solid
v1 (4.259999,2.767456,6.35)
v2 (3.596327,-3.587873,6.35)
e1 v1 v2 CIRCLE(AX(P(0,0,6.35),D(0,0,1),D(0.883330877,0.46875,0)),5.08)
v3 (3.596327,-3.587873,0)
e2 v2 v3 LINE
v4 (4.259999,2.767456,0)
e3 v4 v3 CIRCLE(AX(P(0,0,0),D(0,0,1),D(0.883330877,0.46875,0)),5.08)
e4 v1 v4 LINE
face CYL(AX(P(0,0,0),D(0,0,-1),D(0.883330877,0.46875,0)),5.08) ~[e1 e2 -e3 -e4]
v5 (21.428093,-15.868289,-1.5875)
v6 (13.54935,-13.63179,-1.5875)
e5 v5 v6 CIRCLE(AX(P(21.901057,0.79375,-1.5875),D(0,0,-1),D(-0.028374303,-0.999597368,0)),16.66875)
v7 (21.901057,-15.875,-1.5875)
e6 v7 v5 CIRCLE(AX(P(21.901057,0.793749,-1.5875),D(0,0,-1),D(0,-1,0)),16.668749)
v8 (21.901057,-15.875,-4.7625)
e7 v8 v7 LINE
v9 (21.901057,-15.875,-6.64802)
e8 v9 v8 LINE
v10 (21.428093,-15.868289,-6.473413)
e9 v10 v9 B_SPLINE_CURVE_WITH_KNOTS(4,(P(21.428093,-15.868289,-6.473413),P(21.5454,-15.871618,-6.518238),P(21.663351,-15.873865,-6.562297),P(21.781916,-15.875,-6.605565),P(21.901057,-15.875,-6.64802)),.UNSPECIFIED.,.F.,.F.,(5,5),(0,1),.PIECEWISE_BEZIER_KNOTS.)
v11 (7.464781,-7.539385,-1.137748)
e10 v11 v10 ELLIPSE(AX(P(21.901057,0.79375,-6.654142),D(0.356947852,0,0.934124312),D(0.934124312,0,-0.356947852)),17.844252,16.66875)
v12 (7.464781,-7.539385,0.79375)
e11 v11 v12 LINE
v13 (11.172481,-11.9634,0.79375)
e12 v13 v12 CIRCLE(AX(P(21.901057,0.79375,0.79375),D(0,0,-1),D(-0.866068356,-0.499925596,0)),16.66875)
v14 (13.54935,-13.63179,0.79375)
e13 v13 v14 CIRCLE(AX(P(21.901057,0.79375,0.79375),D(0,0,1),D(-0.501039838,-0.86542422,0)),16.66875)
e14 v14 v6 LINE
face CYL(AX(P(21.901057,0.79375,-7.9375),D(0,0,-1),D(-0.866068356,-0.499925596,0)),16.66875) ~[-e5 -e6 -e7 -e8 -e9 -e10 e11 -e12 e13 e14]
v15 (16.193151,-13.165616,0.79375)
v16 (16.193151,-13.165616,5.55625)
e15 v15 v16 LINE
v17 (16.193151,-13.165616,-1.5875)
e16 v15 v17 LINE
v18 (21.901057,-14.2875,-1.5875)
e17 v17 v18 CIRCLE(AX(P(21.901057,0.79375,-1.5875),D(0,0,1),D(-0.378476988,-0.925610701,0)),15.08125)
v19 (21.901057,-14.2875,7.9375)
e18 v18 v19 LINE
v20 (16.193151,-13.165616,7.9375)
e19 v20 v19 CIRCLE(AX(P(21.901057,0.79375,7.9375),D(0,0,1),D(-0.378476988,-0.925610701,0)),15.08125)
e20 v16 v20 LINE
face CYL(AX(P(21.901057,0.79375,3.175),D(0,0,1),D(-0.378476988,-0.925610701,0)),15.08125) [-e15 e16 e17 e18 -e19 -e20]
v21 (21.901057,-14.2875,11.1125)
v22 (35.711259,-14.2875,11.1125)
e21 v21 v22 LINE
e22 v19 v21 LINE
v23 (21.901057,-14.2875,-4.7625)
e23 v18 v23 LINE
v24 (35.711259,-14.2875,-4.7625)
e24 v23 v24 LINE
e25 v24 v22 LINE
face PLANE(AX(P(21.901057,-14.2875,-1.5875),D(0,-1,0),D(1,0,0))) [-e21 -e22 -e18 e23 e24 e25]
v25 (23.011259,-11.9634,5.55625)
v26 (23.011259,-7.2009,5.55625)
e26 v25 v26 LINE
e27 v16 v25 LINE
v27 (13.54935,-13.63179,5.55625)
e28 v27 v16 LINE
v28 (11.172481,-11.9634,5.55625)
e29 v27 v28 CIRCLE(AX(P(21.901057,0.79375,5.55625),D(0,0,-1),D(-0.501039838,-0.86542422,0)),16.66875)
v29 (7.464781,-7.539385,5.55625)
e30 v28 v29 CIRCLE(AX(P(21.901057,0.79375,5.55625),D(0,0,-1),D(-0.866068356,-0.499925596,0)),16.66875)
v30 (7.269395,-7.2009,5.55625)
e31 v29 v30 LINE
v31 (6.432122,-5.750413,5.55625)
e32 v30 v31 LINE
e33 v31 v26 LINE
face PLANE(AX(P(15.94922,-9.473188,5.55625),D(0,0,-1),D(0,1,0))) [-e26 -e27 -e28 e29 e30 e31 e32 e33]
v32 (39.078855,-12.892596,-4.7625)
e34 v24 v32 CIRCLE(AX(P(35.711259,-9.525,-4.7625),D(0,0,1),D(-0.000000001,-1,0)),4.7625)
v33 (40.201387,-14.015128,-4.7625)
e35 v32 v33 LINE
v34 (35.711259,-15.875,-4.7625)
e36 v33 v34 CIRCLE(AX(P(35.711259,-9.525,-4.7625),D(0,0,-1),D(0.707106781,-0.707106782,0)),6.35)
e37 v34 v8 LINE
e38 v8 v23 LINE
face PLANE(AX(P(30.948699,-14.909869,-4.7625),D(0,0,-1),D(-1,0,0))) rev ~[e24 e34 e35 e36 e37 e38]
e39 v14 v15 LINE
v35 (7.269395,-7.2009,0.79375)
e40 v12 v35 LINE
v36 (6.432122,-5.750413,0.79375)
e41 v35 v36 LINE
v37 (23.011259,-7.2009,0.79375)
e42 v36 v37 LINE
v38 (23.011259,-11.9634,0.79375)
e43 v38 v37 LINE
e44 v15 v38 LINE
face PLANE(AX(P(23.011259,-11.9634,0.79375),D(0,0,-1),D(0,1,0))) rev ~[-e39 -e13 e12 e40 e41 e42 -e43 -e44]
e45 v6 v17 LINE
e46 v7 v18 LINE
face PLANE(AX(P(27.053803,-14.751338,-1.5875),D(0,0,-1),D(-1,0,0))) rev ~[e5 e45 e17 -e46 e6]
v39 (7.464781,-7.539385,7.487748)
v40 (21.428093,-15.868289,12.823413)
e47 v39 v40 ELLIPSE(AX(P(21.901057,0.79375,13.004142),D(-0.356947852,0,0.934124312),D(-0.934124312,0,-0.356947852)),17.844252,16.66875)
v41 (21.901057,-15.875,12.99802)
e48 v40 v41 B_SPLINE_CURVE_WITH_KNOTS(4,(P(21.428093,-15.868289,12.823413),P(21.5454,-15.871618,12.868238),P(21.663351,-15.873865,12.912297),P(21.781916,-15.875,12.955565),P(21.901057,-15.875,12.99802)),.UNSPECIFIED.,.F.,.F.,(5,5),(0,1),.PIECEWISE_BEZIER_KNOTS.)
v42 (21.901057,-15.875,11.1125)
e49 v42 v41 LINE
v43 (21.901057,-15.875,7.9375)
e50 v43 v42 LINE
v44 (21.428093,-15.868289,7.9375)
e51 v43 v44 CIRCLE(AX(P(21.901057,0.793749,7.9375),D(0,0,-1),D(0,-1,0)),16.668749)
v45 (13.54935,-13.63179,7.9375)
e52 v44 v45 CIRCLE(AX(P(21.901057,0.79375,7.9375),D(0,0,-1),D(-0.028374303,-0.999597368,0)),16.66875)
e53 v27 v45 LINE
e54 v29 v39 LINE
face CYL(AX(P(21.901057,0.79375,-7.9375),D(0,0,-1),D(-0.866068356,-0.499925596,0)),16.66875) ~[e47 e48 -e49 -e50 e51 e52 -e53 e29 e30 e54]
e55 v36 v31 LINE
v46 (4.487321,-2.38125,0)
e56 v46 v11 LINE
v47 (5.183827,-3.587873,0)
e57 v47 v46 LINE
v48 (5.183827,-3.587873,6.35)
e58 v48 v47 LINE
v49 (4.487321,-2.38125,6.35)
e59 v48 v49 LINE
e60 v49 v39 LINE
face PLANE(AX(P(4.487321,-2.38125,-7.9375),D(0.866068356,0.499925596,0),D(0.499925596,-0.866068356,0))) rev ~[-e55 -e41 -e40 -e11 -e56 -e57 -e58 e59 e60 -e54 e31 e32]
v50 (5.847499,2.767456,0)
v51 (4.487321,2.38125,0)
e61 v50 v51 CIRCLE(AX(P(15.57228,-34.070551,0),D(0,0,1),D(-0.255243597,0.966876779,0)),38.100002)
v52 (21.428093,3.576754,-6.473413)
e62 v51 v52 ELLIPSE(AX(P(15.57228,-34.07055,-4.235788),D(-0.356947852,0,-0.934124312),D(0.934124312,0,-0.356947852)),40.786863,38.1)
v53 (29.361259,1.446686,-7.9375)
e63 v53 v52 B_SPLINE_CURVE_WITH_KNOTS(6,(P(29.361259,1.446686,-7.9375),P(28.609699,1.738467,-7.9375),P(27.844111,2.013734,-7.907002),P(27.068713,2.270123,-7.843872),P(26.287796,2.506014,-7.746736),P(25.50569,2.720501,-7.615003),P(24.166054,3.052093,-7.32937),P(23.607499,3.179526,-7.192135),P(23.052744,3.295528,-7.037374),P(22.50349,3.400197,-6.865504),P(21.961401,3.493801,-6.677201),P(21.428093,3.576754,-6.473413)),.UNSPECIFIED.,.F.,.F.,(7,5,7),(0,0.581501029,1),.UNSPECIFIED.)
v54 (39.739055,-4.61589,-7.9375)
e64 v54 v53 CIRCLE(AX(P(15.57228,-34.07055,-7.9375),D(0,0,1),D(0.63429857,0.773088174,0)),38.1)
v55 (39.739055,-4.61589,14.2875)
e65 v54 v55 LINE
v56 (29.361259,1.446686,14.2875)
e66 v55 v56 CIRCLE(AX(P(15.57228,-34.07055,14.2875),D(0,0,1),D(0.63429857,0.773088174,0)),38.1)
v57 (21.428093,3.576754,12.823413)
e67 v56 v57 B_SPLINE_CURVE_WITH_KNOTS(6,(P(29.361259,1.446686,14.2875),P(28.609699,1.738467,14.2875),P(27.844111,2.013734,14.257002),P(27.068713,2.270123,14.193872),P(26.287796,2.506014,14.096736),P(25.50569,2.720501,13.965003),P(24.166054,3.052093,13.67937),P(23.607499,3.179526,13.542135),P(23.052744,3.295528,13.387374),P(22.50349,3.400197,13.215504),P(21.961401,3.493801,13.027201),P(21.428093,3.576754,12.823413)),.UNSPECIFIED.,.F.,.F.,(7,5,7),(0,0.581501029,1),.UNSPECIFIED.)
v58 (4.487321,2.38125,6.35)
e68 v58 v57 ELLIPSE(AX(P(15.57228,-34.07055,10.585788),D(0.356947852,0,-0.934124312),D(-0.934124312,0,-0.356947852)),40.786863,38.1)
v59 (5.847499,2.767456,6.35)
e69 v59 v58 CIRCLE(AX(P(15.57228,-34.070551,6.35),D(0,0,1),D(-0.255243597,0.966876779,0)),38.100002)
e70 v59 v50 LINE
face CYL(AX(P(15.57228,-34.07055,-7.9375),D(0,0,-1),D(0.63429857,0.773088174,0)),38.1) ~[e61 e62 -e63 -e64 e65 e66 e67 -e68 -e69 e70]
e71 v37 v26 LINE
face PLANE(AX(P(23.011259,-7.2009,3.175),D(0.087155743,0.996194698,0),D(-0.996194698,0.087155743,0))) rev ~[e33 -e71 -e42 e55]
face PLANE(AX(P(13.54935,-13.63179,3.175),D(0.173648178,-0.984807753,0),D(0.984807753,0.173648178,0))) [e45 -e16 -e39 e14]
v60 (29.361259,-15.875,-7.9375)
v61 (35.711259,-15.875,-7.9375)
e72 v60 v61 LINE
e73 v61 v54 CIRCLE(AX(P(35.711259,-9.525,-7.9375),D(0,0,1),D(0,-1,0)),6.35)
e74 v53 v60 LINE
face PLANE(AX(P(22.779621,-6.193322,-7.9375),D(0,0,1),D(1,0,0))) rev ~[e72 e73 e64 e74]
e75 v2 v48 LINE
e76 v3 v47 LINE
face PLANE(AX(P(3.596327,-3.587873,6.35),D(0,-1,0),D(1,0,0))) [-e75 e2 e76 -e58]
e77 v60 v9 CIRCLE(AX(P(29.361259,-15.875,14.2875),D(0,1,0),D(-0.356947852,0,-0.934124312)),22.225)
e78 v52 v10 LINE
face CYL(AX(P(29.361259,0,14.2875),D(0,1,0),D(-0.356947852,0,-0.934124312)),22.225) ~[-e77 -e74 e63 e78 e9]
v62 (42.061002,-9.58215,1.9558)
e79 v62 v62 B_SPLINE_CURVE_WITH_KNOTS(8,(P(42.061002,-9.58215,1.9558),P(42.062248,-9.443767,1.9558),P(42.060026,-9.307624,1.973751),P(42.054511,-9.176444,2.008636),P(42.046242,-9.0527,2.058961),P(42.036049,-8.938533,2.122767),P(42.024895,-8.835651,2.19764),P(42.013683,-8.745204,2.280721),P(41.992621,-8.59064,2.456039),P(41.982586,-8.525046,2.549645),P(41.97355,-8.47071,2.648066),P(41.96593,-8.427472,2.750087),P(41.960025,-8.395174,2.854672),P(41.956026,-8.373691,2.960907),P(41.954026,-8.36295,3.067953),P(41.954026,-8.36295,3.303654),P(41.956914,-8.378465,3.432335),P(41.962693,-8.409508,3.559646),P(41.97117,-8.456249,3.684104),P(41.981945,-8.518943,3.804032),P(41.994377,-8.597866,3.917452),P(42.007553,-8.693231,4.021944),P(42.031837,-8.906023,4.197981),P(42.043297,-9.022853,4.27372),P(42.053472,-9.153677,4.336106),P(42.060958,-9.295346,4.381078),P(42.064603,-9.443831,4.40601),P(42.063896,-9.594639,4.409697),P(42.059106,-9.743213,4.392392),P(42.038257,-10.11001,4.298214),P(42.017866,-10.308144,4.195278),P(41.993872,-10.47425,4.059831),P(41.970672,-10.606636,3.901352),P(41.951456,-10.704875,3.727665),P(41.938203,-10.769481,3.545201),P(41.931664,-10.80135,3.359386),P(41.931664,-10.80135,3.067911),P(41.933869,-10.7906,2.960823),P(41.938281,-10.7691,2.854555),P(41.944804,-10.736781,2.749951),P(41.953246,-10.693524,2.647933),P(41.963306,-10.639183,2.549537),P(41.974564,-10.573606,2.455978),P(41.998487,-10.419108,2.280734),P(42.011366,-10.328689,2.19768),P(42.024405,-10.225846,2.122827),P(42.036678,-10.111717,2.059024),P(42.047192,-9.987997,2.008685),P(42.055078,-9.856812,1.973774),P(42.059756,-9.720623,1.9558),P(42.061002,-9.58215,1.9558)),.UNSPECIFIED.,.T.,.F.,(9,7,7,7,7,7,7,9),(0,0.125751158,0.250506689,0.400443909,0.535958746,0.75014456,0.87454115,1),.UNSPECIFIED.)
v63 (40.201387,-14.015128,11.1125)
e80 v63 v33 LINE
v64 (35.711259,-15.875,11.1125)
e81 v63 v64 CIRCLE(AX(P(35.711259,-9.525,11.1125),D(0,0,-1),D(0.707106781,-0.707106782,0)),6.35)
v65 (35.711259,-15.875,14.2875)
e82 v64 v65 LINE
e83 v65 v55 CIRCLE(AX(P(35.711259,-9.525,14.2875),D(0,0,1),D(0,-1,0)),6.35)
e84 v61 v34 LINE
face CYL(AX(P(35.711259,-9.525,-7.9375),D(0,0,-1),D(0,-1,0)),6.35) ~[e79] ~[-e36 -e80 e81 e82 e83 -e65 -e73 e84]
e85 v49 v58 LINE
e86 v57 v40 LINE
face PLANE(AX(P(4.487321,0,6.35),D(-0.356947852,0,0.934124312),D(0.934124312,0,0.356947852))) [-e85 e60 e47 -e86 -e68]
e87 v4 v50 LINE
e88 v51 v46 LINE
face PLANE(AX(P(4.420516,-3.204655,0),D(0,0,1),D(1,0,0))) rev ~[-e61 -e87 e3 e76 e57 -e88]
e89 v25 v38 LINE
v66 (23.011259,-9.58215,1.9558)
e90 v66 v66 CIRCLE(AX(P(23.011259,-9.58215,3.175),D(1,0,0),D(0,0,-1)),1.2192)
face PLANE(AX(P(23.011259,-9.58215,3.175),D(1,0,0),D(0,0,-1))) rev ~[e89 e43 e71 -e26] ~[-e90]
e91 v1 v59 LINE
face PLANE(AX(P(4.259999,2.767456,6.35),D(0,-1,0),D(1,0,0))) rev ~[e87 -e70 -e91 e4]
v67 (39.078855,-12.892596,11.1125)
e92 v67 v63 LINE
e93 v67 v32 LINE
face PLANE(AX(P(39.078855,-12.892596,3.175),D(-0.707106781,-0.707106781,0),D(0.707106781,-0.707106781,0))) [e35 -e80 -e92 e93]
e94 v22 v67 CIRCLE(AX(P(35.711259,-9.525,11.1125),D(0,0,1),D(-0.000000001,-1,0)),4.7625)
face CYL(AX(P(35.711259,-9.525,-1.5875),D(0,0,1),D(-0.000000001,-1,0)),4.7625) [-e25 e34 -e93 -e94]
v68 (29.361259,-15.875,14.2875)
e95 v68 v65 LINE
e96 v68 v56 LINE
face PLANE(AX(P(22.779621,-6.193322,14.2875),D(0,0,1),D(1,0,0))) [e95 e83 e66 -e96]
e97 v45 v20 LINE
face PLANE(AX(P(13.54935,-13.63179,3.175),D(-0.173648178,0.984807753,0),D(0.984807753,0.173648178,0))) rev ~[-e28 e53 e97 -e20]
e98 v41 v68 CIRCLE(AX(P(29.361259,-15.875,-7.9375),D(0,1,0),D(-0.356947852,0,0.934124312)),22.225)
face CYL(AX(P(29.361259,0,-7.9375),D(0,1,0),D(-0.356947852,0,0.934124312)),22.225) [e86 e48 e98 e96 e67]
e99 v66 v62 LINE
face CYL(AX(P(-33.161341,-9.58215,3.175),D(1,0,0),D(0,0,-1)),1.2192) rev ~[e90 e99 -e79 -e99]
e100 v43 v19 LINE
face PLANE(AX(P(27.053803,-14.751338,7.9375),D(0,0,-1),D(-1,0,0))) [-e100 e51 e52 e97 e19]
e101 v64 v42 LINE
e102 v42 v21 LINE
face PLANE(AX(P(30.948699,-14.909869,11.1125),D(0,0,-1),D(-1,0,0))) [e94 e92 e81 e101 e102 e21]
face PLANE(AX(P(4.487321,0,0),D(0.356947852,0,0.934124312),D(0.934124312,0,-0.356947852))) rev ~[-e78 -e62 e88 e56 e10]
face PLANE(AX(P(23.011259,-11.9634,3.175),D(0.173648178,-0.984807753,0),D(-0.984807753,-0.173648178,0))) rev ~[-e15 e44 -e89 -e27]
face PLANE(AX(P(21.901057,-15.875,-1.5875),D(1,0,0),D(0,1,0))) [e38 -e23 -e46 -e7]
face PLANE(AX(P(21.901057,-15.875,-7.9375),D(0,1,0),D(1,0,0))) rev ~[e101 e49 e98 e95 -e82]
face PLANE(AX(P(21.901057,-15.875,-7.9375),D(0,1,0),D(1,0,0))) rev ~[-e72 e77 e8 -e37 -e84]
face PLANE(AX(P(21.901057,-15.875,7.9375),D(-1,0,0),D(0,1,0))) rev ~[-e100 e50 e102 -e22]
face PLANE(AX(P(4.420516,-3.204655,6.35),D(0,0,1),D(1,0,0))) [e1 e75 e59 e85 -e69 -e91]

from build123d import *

# Parameters (mm, degrees)
BOSS_EXTRUDE1_DEPTH             = 6.35
BOSS_EXTRUDE3_START             = -7.9375
BOSS_EXTRUDE3_DEPTH             = 22.225
CUT_EXTRUDE4_DEPTH              = 6.08
CUT_EXTRUDE4_DEPTH_BACK         = 16.875
CUT_EXTRUDE10_START             = -19.05
SKETCH16_W                      = 4.7625
SKETCH16_H                      = 4.7625
CUT_EXTRUDE10_DEPTH             = 29.091259281
CUT_EXTRUDE11_REACH             = 13.113
CUT_EXTRUDE11_DIRECTION_2_REACH = 13.113
F_2_CLEARANCE_HOLE1_D           = 2.4384
BOSS_EXTRUDE19_DEPTH            = 6.35
CUT_EXTRUDE12_DEPTH             = 4.7625
CUT_EXTRUDE12_DEPTH_BACK        = 4.7625
CUT_EXTRUDE13_DEPTH             = 3.175
CUT_EXTRUDE14_START             = 9.525
CUT_EXTRUDE14_DEPTH             = 3.175


with BuildPart() as part:
    # Sketch2 → Boss-Extrude1 (new body)
    with BuildSketch(Plane.XY):
        with BuildLine():
            Line((4.487320853, -2.38125), (4.487320853, 2.38125))
            ThreePointArc((4.487320853, 2.38125), (-5.08, 0), (4.487320853, -2.38125))
        make_face()
    extrude(amount=BOSS_EXTRUDE1_DEPTH)

    # Sketch3 → Boss-Extrude3 (add)
    with BuildSketch(Plane.XY.offset(BOSS_EXTRUDE3_START)):
        with BuildLine():
            Line((4.487320853, 2.38125), (4.487320853, -2.38125))
            Line((4.487320853, -2.38125), (7.464780529, -7.539384784))
            ThreePointArc((7.464780529, -7.539384784), (13.566062361, -13.641452925), (21.901057446, -15.875))
            Line((21.901057446, -15.875), (35.711259281, -15.875))
            ThreePointArc((35.711259281, -15.875), (41.690195135, -11.663884303), (39.7390552, -4.615890098))
            ThreePointArc((39.7390552, -4.615890098), (22.990060642, 3.300382048), (4.487320853, 2.38125))
        make_face()
    extrude(amount=BOSS_EXTRUDE3_DEPTH)

    # Sketch14 → Cut-Extrude4 (cut, two sides)
    with BuildSketch(Plane(origin=(0, 0, 0), x_dir=(1, 0, 0), z_dir=(0, 1, 0))) as cut_extrude4_sk:
        with BuildLine():
            Line((4.487320853, -6.35), (21.428093277, -12.823412845))
            ThreePointArc((21.428093277, -12.823412845), (25.327691566, -13.918413536), (29.361259281, -14.2875))
            Line((29.361259281, -14.2875), (4.487320853, -14.2875))
            Line((4.487320853, -14.2875), (4.487320853, -6.35))
        make_face()
        with BuildLine():
            Line((4.487320853, 0), (21.428093277, 6.473412845))
            ThreePointArc((21.428093277, 6.473412845), (25.327691566, 7.568413536), (29.361259281, 7.9375))
            Line((29.361259281, 7.9375), (4.487320853, 7.9375))
            Line((4.487320853, 7.9375), (4.487320853, 0))
        make_face()
    extrude(amount=CUT_EXTRUDE4_DEPTH, mode=Mode.SUBTRACT)
    extrude(cut_extrude4_sk.sketch, amount=-CUT_EXTRUDE4_DEPTH_BACK, mode=Mode.SUBTRACT)

    # Sketch16 → Cut-Extrude10 (cut, through all)
    with BuildSketch(Plane(origin=(42.061259281, 0, 0), x_dir=(0, 0, -1), z_dir=(1, 0, 0)).offset(CUT_EXTRUDE10_START)):
        with Locations((-3.175, -9.58215)):
            Rectangle(SKETCH16_W, SKETCH16_H)
    extrude(amount=-CUT_EXTRUDE10_DEPTH, mode=Mode.SUBTRACT)

    # Cut-Extrude11: up to this face of the body (flat: up to its plane)
    cut_extrude11_end = Plane(part.part.faces().sort_by_distance((15.949219939, -9.473187723, 5.55625))[0])
    # Sketch29 → Cut-Extrude11 (cut, up to the picked face)
    with BuildSketch(Plane(origin=(0, 0, 3.175), x_dir=(-1, 0, 0), z_dir=(0, 0, -1)), mode=Mode.PRIVATE) as cut_extrude11_sk1:
        Polygon((-7.269395019, -7.2009), (-23.011259281, -7.2009), (-6.432122374, -5.75041347), align=None)
    cut_extrude11_tool1 = split(extrude(cut_extrude11_sk1.sketch, amount=-CUT_EXTRUDE11_REACH, mode=Mode.PRIVATE), bisect_by=cut_extrude11_end, keep=Keep.BOTH, mode=Mode.PRIVATE)
    add(cut_extrude11_tool1.solids().sort_by_distance((12.237592, -6.717404, 3.175))[0], mode=Mode.SUBTRACT)
    # Sketch29 → Cut-Extrude11 (cut, up to the picked face)
    with BuildSketch(Plane(origin=(0, 0, 3.175), x_dir=(-1, 0, 0), z_dir=(0, 0, -1)), mode=Mode.PRIVATE) as cut_extrude11_sk2:
        with BuildLine():
            Line((-23.011259281, -11.9634), (-13.549349632, -13.63178996))
            ThreePointArc((-13.549349632, -13.63178996), (-12.324513592, -12.849454696), (-11.172481099, -11.9634))
            Line((-11.172481099, -11.9634), (-23.011259281, -11.9634))
        make_face()
    cut_extrude11_tool2 = split(extrude(cut_extrude11_sk2.sketch, amount=-CUT_EXTRUDE11_REACH, mode=Mode.PRIVATE), bisect_by=cut_extrude11_end, keep=Keep.BOTH, mode=Mode.PRIVATE)
    add(cut_extrude11_tool2.solids().sort_by_distance((15.867281, -12.523197, 3.175))[0], mode=Mode.SUBTRACT)

    # Cut-Extrude11 direction 2: up to this face of the body (flat: up to its plane)
    cut_extrude11_direction_2_end = Plane(part.part.faces().sort_by_distance((15.949219939, -9.473187723, 0.79375))[0])
    # Sketch29 → Cut-Extrude11 direction 2 (cut, up to the picked face)
    with BuildSketch(Plane(origin=(0, 0, 3.175), x_dir=(-1, 0, 0), z_dir=(0, 0, -1)), mode=Mode.PRIVATE) as cut_extrude11_direction_2_sk1:
        Polygon((-7.269395019, -7.2009), (-23.011259281, -7.2009), (-6.432122374, -5.75041347), align=None)
    cut_extrude11_direction_2_tool1 = split(extrude(cut_extrude11_direction_2_sk1.sketch, amount=CUT_EXTRUDE11_DIRECTION_2_REACH, mode=Mode.PRIVATE), bisect_by=cut_extrude11_direction_2_end, keep=Keep.BOTH, mode=Mode.PRIVATE)
    add(cut_extrude11_direction_2_tool1.solids().sort_by_distance((12.237592, -6.717404, 3.175))[0], mode=Mode.SUBTRACT)
    # Sketch29 → Cut-Extrude11 direction 2 (cut, up to the picked face)
    with BuildSketch(Plane(origin=(0, 0, 3.175), x_dir=(-1, 0, 0), z_dir=(0, 0, -1)), mode=Mode.PRIVATE) as cut_extrude11_direction_2_sk2:
        with BuildLine():
            Line((-23.011259281, -11.9634), (-13.549349632, -13.63178996))
            ThreePointArc((-13.549349632, -13.63178996), (-12.324513592, -12.849454696), (-11.172481099, -11.9634))
            Line((-11.172481099, -11.9634), (-23.011259281, -11.9634))
        make_face()
    cut_extrude11_direction_2_tool2 = split(extrude(cut_extrude11_direction_2_sk2.sketch, amount=CUT_EXTRUDE11_DIRECTION_2_REACH, mode=Mode.PRIVATE), bisect_by=cut_extrude11_direction_2_end, keep=Keep.BOTH, mode=Mode.PRIVATE)
    add(cut_extrude11_direction_2_tool2.solids().sort_by_distance((15.867281, -12.523197, 3.175))[0], mode=Mode.SUBTRACT)

    # 2 Clearance Hole1 (through all)
    with Locations(Plane.ZY.offset(-23.011259281)):
        with Locations((3.175, -9.58215)):
            Hole(F_2_CLEARANCE_HOLE1_D / 2)

    # Sketch25 → Boss-Extrude19 (add)
    with BuildSketch(Plane.XY.offset(6.35)):
        with BuildLine():
            Line((5.183826817, -3.587873106), (4.487320853, -2.38125))
            ThreePointArc((4.487320853, -2.38125), (4.086603081, -3.017627422), (3.596326817, -3.587873106))
            Line((3.596326817, -3.587873106), (5.183826817, -3.587873106))
        make_face()
        with BuildLine():
            Line((4.259998652, 2.767455779), (5.847498652, 2.767455779))
            ThreePointArc((5.847498652, 2.767455779), (5.165618018, 2.580663195), (4.487320853, 2.38125))
            ThreePointArc((4.487320853, 2.38125), (4.377920551, 2.576860812), (4.259998652, 2.767455779))
        make_face()
    extrude(amount=-BOSS_EXTRUDE19_DEPTH)

    # Sketch32 → Cut-Extrude12 (cut, two sides)
    with BuildSketch(Plane(origin=(0, 0, 3.175), x_dir=(-1, 0, 0), z_dir=(0, 0, -1))) as cut_extrude12_sk:
        with BuildLine():
            Line((-29.361259281, -15.875), (-21.901057446, -15.875))
            ThreePointArc((-21.901057446, -15.875), (-21.664551554, -15.873322074), (-21.428093277, -15.868288634))
            ThreePointArc((-21.428093277, -15.868288634), (-17.349223696, -15.24146238), (-13.549349632, -13.63178996))
            Line((-13.549349632, -13.63178996), (-16.19315137, -13.165616382))
            ThreePointArc((-16.19315137, -13.165616382), (-18.992500475, -14.004371432), (-21.901057446, -14.2875))
            Line((-21.901057446, -14.2875), (-35.711259281, -14.2875))
            ThreePointArc((-35.711259281, -14.2875), (-37.533789128, -13.924976274), (-39.078855326, -12.892596045))
            Line((-39.078855326, -12.892596045), (-40.201387342, -14.015128061))
            ThreePointArc((-40.201387342, -14.015128061), (-38.141299077, -15.391635031), (-35.711259281, -15.875))
            Line((-35.711259281, -15.875), (-29.361259281, -15.875))
        make_face()
    extrude(amount=CUT_EXTRUDE12_DEPTH, mode=Mode.SUBTRACT)
    extrude(cut_extrude12_sk.sketch, amount=-CUT_EXTRUDE12_DEPTH_BACK, mode=Mode.SUBTRACT)

    # Sketch33 → Cut-Extrude13 (cut)
    with BuildSketch(Plane(origin=(0, 0, 7.9375), x_dir=(-1, 0, 0), z_dir=(0, 0, -1))):
        with BuildLine():
            Line((-21.901057446, -15.875), (-21.901057446, -14.2875))
            Line((-21.901057446, -14.2875), (-35.711259281, -14.2875))
            ThreePointArc((-35.711259281, -14.2875), (-37.533789128, -13.924976274), (-39.078855326, -12.892596045))
            Line((-39.078855326, -12.892596045), (-40.201387342, -14.015128061))
            ThreePointArc((-40.201387342, -14.015128061), (-38.141299077, -15.391635031), (-35.711259281, -15.875))
            Line((-35.711259281, -15.875), (-21.901057446, -15.875))
        make_face()
    extrude(amount=-CUT_EXTRUDE13_DEPTH, mode=Mode.SUBTRACT)

    # Sketch33_2 → Cut-Extrude14 (cut)
    with BuildSketch(Plane(origin=(0, 0, 7.9375), x_dir=(-1, 0, 0), z_dir=(0, 0, -1)).offset(CUT_EXTRUDE14_START)):
        with BuildLine():
            Line((-35.711259281, -15.875), (-21.901057446, -15.875))
            Line((-21.901057446, -15.875), (-21.901057446, -14.2875))
            Line((-21.901057446, -14.2875), (-35.711259281, -14.2875))
            ThreePointArc((-35.711259281, -14.2875), (-37.533789128, -13.924976274), (-39.078855326, -12.892596045))
            Line((-39.078855326, -12.892596045), (-40.201387342, -14.015128061))
            ThreePointArc((-40.201387342, -14.015128061), (-38.141299077, -15.391635031), (-35.711259281, -15.875))
        make_face()
    extrude(amount=CUT_EXTRUDE14_DEPTH, mode=Mode.SUBTRACT)


solid = part.part
